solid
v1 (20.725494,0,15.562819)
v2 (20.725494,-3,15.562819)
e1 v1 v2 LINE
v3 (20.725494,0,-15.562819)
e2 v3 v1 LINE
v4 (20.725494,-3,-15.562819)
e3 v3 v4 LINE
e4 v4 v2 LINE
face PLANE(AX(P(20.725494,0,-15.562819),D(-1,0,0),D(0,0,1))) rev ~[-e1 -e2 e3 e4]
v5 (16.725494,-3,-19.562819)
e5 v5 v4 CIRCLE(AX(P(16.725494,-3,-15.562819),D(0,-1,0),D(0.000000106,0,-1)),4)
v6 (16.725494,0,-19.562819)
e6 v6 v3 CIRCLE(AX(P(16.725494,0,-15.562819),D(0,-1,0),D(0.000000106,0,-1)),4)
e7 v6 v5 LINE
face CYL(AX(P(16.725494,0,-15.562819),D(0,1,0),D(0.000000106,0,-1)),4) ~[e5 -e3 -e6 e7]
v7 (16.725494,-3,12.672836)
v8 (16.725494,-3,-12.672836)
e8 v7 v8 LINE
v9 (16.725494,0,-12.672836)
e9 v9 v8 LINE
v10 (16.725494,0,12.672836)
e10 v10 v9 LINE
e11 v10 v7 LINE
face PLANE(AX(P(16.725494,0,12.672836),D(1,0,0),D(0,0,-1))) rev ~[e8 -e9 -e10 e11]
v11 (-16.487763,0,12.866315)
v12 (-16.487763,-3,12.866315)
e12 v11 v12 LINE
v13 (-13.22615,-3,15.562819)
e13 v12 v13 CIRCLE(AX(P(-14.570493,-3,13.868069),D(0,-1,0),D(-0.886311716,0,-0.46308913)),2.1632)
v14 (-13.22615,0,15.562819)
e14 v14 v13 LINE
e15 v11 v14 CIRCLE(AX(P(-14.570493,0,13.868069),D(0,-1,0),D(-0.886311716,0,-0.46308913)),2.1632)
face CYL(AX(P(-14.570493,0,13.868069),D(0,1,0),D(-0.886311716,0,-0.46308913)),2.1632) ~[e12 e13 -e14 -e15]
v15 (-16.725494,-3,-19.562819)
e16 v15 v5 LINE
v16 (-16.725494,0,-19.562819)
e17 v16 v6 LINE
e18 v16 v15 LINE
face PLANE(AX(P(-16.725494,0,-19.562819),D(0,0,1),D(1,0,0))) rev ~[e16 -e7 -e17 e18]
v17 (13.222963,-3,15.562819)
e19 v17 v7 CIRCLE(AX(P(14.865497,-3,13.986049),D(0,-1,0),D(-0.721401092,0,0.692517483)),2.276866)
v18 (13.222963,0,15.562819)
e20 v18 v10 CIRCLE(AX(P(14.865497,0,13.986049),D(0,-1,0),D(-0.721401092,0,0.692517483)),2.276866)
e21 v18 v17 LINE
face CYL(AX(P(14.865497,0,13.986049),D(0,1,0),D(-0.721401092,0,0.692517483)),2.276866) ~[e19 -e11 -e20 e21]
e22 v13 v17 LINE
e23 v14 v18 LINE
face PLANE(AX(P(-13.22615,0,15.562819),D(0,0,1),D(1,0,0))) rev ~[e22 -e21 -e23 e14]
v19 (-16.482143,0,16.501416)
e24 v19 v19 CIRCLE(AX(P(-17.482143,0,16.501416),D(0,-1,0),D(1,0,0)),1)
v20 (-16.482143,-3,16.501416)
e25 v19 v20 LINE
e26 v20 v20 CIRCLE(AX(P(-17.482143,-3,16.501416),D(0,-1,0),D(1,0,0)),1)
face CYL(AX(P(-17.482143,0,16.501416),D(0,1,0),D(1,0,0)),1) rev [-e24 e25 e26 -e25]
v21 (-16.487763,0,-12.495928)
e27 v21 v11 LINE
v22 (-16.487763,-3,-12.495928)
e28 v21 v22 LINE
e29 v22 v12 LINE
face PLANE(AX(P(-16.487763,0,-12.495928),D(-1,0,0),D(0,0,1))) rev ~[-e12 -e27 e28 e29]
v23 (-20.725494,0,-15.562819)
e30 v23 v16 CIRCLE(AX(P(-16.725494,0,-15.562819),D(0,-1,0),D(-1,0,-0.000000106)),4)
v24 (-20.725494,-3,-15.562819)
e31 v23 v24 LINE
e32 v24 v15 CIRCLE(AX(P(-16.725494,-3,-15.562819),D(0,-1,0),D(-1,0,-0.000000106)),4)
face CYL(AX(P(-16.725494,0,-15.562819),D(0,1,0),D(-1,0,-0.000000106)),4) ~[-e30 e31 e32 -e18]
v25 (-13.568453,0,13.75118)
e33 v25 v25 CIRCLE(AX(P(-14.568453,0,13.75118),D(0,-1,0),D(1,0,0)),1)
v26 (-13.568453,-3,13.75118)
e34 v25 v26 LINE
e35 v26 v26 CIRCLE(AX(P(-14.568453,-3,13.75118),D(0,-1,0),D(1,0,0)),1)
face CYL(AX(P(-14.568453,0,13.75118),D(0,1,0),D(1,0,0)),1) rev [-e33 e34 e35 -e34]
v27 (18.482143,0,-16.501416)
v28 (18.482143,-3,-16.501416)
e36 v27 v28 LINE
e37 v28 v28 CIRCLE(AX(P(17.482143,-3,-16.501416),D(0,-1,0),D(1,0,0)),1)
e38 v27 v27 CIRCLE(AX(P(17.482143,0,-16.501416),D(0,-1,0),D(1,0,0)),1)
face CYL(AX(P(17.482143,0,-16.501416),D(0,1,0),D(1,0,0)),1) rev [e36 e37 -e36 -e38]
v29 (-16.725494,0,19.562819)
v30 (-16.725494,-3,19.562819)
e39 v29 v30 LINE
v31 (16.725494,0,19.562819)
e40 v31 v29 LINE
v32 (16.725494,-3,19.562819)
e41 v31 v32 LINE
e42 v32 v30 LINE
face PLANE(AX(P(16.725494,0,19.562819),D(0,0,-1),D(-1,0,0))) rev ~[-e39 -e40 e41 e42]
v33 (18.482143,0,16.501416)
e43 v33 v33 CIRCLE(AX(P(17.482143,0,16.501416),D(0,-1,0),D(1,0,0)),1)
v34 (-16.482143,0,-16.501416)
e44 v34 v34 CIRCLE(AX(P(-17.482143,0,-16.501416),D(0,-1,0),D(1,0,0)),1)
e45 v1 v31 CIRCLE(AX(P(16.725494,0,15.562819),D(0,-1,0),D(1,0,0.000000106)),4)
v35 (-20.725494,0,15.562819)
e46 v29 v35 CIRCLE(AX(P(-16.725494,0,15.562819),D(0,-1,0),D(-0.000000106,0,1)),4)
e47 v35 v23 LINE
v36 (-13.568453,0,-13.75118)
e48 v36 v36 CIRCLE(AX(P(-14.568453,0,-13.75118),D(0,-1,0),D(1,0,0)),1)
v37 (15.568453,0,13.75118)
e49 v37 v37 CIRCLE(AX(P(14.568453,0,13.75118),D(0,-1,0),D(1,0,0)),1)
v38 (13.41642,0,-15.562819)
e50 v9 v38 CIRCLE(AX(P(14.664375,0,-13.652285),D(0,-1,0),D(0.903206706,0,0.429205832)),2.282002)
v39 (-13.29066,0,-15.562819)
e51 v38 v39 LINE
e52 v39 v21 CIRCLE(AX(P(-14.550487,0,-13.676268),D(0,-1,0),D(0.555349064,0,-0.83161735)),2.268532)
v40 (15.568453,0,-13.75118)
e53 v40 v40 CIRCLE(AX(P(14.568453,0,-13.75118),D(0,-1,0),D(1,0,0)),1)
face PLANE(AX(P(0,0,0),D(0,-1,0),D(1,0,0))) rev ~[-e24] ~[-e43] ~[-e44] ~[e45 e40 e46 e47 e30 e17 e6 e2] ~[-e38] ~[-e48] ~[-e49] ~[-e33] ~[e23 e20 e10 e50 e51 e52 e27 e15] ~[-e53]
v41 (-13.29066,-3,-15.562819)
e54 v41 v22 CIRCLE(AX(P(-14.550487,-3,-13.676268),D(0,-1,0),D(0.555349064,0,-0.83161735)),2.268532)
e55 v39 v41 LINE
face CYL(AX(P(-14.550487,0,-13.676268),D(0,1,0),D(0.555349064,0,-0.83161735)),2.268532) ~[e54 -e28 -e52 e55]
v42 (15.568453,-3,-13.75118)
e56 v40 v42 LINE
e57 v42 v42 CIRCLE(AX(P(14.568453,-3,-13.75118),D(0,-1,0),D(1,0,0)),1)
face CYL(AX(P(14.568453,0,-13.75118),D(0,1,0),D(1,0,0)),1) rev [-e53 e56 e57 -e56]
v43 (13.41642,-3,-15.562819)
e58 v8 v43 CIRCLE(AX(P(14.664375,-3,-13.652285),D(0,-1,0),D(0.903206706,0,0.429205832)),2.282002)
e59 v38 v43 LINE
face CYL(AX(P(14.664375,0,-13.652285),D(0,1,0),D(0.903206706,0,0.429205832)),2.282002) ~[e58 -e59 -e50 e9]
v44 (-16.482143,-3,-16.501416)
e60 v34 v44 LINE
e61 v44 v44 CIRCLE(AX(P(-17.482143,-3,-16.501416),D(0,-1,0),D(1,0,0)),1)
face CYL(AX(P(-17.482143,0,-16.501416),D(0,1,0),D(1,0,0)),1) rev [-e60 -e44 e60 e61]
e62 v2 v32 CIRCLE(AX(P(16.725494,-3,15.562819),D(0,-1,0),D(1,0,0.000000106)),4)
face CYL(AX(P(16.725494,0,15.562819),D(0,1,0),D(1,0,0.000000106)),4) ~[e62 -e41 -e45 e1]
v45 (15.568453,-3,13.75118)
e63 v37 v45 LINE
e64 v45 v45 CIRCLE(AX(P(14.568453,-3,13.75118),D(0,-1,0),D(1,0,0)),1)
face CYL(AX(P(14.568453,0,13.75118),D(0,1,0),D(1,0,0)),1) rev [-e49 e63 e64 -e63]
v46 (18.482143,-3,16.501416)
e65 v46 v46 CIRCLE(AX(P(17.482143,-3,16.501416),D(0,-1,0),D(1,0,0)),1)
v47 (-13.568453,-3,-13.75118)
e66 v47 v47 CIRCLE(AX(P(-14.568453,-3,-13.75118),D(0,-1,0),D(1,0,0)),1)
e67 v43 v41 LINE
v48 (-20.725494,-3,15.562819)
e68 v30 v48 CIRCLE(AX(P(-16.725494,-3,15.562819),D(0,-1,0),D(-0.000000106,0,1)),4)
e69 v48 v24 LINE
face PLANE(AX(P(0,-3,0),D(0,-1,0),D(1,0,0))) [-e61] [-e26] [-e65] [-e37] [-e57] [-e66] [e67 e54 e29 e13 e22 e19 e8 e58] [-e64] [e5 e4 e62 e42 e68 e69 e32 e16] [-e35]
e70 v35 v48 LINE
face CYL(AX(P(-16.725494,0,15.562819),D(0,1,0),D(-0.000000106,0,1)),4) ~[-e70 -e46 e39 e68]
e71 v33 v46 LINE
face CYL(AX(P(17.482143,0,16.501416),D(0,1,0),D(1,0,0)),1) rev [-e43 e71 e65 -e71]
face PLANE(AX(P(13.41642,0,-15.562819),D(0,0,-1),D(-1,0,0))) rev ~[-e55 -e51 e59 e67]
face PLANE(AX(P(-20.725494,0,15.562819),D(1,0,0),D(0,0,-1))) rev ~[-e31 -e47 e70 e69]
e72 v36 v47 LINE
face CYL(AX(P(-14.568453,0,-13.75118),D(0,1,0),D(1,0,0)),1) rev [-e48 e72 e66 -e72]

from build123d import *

# Parameters (mm, degrees)
F0_R     = 1
F1_DEPTH = 3


with BuildPart() as f1:
    # F0 (on Front) → F1 (new body)
    with BuildSketch(Plane.XZ):
        with BuildLine():
            Line((16.725494, 19.562819), (-16.725494, 19.562819))
            ThreePointArc((-16.725494, 19.562819), (-19.553921, 18.391246), (-20.725494, 15.562819))
            Line((-20.725494, 15.562819), (-20.725494, -15.562819))
            ThreePointArc((-20.725494, -15.562819), (-19.553921, -18.391246), (-16.725494, -19.562819))
            Line((-16.725494, -19.562819), (16.725494, -19.562819))
            ThreePointArc((16.725494, -19.562819), (19.553921, -18.391246), (20.725494, -15.562819))
            Line((20.725494, -15.562819), (20.725494, 15.562819))
            ThreePointArc((20.725494, 15.562819), (19.553921, 18.391246), (16.725494, 19.562819))
        make_face()
        with Locations((-17.482143, -16.501416)):
            Circle(F0_R, mode=Mode.SUBTRACT)
        with Locations((-14.568453, -13.75118)):
            Circle(F0_R, mode=Mode.SUBTRACT)
        with Locations((17.482143, -16.501416)):
            Circle(F0_R, mode=Mode.SUBTRACT)
        with Locations((14.568453, -13.75118)):
            Circle(F0_R, mode=Mode.SUBTRACT)
        with Locations((-14.568453, 13.75118)):
            Circle(F0_R, mode=Mode.SUBTRACT)
        with Locations((-17.482143, 16.501416)):
            Circle(F0_R, mode=Mode.SUBTRACT)
        with BuildLine():
            ThreePointArc((-16.487763, 12.866315), (-13.192145, 12.200859), (-13.22615, 15.562819))
            Line((-13.22615, 15.562819), (13.222963, 15.562819))
            ThreePointArc((13.222963, 15.562819), (13.41642, 12.229833), (16.725494, 12.672836))
            Line((16.725494, 12.672836), (16.725494, -12.672836))
            ThreePointArc((16.725494, -12.672836), (13.163272, -11.933499), (13.41642, -15.562819))
            Line((13.41642, -15.562819), (-13.29066, -15.562819))
            ThreePointArc((-13.29066, -15.562819), (-12.980077, -12.039182), (-16.487763, -12.495928))
            Line((-16.487763, -12.495928), (-16.487763, 12.866315))
        make_face(mode=Mode.SUBTRACT)
        with Locations((14.568453, 13.75118)):
            Circle(F0_R, mode=Mode.SUBTRACT)
        with Locations((17.482143, 16.501416)):
            Circle(F0_R, mode=Mode.SUBTRACT)
    extrude(amount=F1_DEPTH)


solid = f1.part
